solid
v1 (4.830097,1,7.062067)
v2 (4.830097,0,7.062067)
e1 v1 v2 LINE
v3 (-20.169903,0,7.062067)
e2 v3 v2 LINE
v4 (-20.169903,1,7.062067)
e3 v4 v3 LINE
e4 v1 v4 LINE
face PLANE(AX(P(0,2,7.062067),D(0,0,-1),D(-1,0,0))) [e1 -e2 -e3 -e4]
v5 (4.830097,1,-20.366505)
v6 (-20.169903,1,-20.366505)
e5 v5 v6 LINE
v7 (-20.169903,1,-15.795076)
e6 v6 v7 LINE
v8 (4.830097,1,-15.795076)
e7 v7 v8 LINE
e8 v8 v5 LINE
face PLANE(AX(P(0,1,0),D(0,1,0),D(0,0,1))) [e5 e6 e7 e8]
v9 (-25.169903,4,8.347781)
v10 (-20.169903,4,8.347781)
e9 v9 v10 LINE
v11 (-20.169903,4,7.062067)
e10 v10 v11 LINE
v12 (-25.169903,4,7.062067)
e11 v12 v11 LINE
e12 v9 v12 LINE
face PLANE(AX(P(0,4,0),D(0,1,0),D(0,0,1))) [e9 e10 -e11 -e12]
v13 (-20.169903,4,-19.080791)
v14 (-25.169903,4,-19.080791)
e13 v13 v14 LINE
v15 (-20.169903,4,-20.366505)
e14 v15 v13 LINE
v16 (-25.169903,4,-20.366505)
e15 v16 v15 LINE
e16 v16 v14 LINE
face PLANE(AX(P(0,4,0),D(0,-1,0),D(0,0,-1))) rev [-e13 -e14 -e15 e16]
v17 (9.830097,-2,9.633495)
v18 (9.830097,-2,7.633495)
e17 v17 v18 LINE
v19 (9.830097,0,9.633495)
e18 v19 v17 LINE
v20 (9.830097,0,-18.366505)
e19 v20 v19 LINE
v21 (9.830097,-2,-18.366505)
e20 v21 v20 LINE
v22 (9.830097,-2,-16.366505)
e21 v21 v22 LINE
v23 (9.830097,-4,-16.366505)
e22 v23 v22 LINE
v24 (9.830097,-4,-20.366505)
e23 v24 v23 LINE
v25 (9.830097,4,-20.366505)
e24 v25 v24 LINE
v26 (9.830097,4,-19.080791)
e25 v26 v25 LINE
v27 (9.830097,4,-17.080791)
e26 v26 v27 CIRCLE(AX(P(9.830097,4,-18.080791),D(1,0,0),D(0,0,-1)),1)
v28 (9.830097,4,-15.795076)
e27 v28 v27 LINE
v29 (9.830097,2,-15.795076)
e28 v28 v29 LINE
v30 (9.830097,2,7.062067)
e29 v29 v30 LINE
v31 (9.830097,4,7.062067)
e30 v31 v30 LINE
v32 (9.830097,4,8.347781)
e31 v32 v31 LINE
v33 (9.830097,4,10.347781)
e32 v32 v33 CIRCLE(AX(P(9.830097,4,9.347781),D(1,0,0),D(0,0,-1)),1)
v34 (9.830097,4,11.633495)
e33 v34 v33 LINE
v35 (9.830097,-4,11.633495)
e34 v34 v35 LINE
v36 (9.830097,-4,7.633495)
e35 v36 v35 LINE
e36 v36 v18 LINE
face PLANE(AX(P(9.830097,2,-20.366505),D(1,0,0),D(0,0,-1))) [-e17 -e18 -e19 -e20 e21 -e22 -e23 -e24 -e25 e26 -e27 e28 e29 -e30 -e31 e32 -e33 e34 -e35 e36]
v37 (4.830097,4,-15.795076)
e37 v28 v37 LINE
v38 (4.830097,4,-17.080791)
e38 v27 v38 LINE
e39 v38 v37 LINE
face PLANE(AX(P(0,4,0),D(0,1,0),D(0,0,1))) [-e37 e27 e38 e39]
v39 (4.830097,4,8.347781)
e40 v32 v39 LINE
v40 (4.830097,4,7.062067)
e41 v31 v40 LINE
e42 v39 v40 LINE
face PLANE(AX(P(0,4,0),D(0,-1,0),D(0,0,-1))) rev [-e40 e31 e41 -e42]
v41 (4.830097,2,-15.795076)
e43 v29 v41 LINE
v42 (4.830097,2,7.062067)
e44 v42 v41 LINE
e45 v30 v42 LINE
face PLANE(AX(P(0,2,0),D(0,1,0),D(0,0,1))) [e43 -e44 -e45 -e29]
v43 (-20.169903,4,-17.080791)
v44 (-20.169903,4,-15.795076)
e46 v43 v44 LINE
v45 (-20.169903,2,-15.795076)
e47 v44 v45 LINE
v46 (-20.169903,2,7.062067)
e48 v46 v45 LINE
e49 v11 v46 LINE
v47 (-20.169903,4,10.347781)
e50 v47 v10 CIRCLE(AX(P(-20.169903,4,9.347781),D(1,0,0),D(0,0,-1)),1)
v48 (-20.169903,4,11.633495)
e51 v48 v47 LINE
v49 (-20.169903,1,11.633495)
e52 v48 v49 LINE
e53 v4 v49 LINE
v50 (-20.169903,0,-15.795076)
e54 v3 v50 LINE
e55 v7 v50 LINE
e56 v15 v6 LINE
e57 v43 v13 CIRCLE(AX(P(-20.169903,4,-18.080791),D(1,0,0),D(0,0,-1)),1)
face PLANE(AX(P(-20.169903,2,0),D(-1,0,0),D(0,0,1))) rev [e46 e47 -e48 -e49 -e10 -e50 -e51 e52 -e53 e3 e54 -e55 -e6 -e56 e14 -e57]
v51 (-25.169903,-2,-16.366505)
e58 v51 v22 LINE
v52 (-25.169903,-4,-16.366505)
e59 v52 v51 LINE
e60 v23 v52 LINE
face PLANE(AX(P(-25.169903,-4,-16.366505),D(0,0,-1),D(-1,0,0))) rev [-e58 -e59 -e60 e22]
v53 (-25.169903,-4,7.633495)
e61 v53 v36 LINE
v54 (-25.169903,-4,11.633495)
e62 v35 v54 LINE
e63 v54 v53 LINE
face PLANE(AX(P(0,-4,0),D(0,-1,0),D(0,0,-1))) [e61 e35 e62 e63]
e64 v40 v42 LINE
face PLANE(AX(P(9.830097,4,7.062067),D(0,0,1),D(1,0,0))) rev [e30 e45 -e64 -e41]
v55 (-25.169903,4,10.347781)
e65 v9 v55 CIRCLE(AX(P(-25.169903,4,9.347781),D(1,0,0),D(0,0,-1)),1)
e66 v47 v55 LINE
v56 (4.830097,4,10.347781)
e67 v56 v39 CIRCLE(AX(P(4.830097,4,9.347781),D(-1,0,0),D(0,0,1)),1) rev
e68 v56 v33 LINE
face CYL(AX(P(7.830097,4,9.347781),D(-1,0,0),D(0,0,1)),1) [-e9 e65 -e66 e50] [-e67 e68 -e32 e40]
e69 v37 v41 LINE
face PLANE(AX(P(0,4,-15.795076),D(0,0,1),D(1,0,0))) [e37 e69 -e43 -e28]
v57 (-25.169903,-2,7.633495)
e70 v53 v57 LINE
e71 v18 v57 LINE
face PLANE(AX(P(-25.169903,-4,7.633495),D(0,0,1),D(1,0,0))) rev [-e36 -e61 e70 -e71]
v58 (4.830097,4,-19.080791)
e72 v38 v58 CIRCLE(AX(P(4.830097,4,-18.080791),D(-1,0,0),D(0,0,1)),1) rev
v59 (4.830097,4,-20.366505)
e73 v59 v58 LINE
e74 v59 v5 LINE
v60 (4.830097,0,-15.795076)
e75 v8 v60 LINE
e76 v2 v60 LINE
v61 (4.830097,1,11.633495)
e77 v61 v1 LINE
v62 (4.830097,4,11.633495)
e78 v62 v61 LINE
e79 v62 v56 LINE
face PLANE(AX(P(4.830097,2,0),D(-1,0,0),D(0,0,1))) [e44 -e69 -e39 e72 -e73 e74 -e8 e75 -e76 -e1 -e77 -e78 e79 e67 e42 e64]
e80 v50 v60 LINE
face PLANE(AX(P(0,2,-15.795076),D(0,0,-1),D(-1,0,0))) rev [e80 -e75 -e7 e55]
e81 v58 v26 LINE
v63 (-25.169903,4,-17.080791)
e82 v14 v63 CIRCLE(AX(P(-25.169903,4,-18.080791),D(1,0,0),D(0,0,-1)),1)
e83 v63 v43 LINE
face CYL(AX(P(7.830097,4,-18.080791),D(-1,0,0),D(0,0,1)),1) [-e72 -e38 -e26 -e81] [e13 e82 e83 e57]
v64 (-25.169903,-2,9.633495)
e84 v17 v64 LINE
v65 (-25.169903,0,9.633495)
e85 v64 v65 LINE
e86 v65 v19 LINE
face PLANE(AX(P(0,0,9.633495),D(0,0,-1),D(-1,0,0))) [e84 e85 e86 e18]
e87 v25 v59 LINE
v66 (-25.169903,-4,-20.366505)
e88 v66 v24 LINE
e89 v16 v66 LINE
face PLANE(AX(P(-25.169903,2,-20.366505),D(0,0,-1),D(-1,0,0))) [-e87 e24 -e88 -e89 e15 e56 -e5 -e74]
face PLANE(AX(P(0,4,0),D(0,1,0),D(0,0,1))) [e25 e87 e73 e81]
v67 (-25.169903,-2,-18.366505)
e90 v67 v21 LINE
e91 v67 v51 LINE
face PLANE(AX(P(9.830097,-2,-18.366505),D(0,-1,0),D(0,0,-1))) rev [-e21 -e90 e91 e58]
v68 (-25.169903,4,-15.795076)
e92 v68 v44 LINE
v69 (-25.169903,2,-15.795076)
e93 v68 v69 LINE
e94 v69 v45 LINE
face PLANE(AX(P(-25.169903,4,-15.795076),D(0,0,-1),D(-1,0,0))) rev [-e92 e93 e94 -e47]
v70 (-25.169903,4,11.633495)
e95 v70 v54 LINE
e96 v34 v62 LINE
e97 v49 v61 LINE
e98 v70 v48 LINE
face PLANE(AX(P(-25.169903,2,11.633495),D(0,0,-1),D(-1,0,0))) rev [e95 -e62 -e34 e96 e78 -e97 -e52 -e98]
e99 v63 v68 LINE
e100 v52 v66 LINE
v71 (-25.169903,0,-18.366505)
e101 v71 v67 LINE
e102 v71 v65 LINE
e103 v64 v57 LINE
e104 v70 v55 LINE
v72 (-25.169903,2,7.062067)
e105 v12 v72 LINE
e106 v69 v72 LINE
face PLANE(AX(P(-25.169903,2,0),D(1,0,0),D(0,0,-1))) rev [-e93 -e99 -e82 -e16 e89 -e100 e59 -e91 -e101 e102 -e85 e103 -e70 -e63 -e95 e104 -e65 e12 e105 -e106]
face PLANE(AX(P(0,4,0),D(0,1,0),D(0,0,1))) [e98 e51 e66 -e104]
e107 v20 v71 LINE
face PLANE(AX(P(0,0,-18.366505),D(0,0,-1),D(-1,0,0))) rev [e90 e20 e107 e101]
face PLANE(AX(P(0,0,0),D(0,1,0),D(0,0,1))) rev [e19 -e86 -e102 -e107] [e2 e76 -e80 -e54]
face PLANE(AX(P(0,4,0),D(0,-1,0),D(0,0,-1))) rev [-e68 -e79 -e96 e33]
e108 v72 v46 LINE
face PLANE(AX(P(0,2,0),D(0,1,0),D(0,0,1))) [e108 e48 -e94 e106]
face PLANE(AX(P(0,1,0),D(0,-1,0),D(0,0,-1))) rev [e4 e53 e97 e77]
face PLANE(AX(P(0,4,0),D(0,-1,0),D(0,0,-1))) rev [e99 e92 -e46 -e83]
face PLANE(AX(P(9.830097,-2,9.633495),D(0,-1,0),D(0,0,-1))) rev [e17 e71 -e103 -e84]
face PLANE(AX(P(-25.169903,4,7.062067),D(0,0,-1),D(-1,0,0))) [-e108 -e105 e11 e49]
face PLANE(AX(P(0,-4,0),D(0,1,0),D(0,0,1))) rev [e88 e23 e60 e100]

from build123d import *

# Parameters (mm, degrees)
SKETCH_1_W          = 35
SKETCH_1_H          = 32
EXTRUDE_1_DEPTH     = 2
CUT_EXTRUDE_2_DEPTH = 2
SKETCH_3_W          = 35
SKETCH_3_H          = 4
EXTRUDE_2_DEPTH     = 4
SKETCH_4_W          = 35
SKETCH_4_H          = 2
CUT_EXTRUDE_3_DEPTH = 2
SKETCH_5_W          = 35
SKETCH_5_H          = 2
CUT_EXTRUDE_4_DEPTH = 2
SKETCH_6_W          = 5
SKETCH_6_H          = 4.571428571
SKETCH_6_H_2        = 4.571428572
EXTRUDE_3_DEPTH     = 2
SKETCH_7_W          = 25
SKETCH_7_H          = 4.571428572
SKETCH_7_H_2        = 4.571428571
CUT_EXTRUDE_5_DEPTH = 1
SKETCH_9_R          = 1
EXTRUDE_4_DEPTH     = 28
EXTRUDE_START       = -5
SKETCH_9_3_R        = 1
EXTRUDE_5_DEPTH     = 35


with BuildPart() as part:
    # 草图1 → 凸台-拉伸1 (new body)
    with BuildSketch(Plane(origin=(0, 0, 0), x_dir=(1, 0, 0), z_dir=(0, 1, 0))):
        with Locations((-7.669902913, 4.366504854)):
            Rectangle(SKETCH_1_W, SKETCH_1_H)
    extrude(amount=EXTRUDE_1_DEPTH)

    # 草图1<3> → 切除-拉伸2 (cut)
    with BuildSketch(Plane(origin=(0, 0, 0), x_dir=(1, 0, 0), z_dir=(0, 1, 0))):
        Polygon((-7.669902913, 4.366504854), (-20.169902913, 15.795076283), (-20.169902913, -7.062066574), align=None)
        Polygon((4.830097087, 15.795076283), (-20.169902913, 15.795076283), (-7.669902913, 4.366504854), align=None)
        Polygon((4.830097087, 15.795076283), (-7.669902913, 4.366504854), (4.830097087, -7.062066574), align=None)
        Polygon((4.830097087, -7.062066574), (-7.669902913, 4.366504854), (-20.169902913, -7.062066574), align=None)
    extrude(amount=CUT_EXTRUDE_2_DEPTH, mode=Mode.SUBTRACT)

    # 草图3 → 凸台-拉伸2 (add)
    with BuildSketch(Plane.XZ):
        with Locations((-7.669902913, -18.366504854)):
            Rectangle(SKETCH_3_W, SKETCH_3_H)
        with Locations((-7.669902913, 9.633495146)):
            Rectangle(SKETCH_3_W, SKETCH_3_H)
    extrude(amount=EXTRUDE_2_DEPTH)

    # 草图4 → 切除-拉伸3 (cut)
    with BuildSketch(Plane(origin=(0, 0, 7.633495146), x_dir=(-1, 0, 0), z_dir=(0, 0, -1))):
        with Locations((7.669902913, -1)):
            Rectangle(SKETCH_4_W, SKETCH_4_H)
    extrude(amount=-CUT_EXTRUDE_3_DEPTH, mode=Mode.SUBTRACT)

    # 草图5 → 切除-拉伸4 (cut)
    with BuildSketch(Plane.XY.offset(-16.366504854)):
        with Locations((-7.669902913, -1)):
            Rectangle(SKETCH_5_W, SKETCH_5_H)
    extrude(amount=-CUT_EXTRUDE_4_DEPTH, mode=Mode.SUBTRACT)

    # 草图6 → 凸台-拉伸3 (add)
    with BuildSketch(Plane(origin=(0, 2, 0), x_dir=(1, 0, 0), z_dir=(0, 1, 0))):
        with Locations((7.330097087, 18.080790568)):
            Rectangle(SKETCH_6_W, SKETCH_6_H)
        with Locations((7.330097087, -9.34778086)):
            Rectangle(SKETCH_6_W, SKETCH_6_H_2)
        with Locations((-22.669902913, -9.34778086)):
            Rectangle(SKETCH_6_W, SKETCH_6_H_2)
        with Locations((-22.669902913, 18.080790568)):
            Rectangle(SKETCH_6_W, SKETCH_6_H)
    extrude(amount=EXTRUDE_3_DEPTH)

    # 草图7 → 切除-拉伸5 (cut)
    with BuildSketch(Plane(origin=(0, 2, 0), x_dir=(1, 0, 0), z_dir=(0, 1, 0))):
        with Locations((-7.669902913, -9.34778086)):
            Rectangle(SKETCH_7_W, SKETCH_7_H)
        with Locations((-7.669902913, 18.080790568)):
            Rectangle(SKETCH_7_W, SKETCH_7_H_2)
    extrude(amount=-CUT_EXTRUDE_5_DEPTH, mode=Mode.SUBTRACT)

    # 草图9 → 凸台-拉伸4 (add)
    with BuildSketch(Plane(origin=(-20.169902913, 0, 0), x_dir=(0, 0, -1), z_dir=(1, 0, 0))):
        with BuildLine():
            Line((17.080790569, 4), (19.080790569, 4))
            ThreePointArc((19.080790569, 4), (18.080790569, 5), (17.080790569, 4))
        make_face()
        with BuildLine():
            ThreePointArc((17.080790569, 4), (18.080790569, 3), (19.080790569, 4))
            Line((19.080790569, 4), (17.080790569, 4))
        make_face()
        with Locations(Location((-9.34778086, 4, 0), (0, 0, 180))):
            Circle(SKETCH_9_R)
    extrude(amount=EXTRUDE_4_DEPTH)

    # 草图9<3> → 凸台-拉伸5 (add)
    with BuildSketch(Plane(origin=(-20.169902913, 0, 0), x_dir=(0, 0, -1), z_dir=(1, 0, 0)).offset(EXTRUDE_START)):
        with Locations(Location((18.080790569, 4, 0), (0, 0, 180))):
            Circle(SKETCH_9_3_R)
        with Locations(Location((-9.34778086, 4, 0), (0, 0, 180))):
            Circle(SKETCH_9_3_R)
    extrude(amount=EXTRUDE_5_DEPTH)


solid = part.part
